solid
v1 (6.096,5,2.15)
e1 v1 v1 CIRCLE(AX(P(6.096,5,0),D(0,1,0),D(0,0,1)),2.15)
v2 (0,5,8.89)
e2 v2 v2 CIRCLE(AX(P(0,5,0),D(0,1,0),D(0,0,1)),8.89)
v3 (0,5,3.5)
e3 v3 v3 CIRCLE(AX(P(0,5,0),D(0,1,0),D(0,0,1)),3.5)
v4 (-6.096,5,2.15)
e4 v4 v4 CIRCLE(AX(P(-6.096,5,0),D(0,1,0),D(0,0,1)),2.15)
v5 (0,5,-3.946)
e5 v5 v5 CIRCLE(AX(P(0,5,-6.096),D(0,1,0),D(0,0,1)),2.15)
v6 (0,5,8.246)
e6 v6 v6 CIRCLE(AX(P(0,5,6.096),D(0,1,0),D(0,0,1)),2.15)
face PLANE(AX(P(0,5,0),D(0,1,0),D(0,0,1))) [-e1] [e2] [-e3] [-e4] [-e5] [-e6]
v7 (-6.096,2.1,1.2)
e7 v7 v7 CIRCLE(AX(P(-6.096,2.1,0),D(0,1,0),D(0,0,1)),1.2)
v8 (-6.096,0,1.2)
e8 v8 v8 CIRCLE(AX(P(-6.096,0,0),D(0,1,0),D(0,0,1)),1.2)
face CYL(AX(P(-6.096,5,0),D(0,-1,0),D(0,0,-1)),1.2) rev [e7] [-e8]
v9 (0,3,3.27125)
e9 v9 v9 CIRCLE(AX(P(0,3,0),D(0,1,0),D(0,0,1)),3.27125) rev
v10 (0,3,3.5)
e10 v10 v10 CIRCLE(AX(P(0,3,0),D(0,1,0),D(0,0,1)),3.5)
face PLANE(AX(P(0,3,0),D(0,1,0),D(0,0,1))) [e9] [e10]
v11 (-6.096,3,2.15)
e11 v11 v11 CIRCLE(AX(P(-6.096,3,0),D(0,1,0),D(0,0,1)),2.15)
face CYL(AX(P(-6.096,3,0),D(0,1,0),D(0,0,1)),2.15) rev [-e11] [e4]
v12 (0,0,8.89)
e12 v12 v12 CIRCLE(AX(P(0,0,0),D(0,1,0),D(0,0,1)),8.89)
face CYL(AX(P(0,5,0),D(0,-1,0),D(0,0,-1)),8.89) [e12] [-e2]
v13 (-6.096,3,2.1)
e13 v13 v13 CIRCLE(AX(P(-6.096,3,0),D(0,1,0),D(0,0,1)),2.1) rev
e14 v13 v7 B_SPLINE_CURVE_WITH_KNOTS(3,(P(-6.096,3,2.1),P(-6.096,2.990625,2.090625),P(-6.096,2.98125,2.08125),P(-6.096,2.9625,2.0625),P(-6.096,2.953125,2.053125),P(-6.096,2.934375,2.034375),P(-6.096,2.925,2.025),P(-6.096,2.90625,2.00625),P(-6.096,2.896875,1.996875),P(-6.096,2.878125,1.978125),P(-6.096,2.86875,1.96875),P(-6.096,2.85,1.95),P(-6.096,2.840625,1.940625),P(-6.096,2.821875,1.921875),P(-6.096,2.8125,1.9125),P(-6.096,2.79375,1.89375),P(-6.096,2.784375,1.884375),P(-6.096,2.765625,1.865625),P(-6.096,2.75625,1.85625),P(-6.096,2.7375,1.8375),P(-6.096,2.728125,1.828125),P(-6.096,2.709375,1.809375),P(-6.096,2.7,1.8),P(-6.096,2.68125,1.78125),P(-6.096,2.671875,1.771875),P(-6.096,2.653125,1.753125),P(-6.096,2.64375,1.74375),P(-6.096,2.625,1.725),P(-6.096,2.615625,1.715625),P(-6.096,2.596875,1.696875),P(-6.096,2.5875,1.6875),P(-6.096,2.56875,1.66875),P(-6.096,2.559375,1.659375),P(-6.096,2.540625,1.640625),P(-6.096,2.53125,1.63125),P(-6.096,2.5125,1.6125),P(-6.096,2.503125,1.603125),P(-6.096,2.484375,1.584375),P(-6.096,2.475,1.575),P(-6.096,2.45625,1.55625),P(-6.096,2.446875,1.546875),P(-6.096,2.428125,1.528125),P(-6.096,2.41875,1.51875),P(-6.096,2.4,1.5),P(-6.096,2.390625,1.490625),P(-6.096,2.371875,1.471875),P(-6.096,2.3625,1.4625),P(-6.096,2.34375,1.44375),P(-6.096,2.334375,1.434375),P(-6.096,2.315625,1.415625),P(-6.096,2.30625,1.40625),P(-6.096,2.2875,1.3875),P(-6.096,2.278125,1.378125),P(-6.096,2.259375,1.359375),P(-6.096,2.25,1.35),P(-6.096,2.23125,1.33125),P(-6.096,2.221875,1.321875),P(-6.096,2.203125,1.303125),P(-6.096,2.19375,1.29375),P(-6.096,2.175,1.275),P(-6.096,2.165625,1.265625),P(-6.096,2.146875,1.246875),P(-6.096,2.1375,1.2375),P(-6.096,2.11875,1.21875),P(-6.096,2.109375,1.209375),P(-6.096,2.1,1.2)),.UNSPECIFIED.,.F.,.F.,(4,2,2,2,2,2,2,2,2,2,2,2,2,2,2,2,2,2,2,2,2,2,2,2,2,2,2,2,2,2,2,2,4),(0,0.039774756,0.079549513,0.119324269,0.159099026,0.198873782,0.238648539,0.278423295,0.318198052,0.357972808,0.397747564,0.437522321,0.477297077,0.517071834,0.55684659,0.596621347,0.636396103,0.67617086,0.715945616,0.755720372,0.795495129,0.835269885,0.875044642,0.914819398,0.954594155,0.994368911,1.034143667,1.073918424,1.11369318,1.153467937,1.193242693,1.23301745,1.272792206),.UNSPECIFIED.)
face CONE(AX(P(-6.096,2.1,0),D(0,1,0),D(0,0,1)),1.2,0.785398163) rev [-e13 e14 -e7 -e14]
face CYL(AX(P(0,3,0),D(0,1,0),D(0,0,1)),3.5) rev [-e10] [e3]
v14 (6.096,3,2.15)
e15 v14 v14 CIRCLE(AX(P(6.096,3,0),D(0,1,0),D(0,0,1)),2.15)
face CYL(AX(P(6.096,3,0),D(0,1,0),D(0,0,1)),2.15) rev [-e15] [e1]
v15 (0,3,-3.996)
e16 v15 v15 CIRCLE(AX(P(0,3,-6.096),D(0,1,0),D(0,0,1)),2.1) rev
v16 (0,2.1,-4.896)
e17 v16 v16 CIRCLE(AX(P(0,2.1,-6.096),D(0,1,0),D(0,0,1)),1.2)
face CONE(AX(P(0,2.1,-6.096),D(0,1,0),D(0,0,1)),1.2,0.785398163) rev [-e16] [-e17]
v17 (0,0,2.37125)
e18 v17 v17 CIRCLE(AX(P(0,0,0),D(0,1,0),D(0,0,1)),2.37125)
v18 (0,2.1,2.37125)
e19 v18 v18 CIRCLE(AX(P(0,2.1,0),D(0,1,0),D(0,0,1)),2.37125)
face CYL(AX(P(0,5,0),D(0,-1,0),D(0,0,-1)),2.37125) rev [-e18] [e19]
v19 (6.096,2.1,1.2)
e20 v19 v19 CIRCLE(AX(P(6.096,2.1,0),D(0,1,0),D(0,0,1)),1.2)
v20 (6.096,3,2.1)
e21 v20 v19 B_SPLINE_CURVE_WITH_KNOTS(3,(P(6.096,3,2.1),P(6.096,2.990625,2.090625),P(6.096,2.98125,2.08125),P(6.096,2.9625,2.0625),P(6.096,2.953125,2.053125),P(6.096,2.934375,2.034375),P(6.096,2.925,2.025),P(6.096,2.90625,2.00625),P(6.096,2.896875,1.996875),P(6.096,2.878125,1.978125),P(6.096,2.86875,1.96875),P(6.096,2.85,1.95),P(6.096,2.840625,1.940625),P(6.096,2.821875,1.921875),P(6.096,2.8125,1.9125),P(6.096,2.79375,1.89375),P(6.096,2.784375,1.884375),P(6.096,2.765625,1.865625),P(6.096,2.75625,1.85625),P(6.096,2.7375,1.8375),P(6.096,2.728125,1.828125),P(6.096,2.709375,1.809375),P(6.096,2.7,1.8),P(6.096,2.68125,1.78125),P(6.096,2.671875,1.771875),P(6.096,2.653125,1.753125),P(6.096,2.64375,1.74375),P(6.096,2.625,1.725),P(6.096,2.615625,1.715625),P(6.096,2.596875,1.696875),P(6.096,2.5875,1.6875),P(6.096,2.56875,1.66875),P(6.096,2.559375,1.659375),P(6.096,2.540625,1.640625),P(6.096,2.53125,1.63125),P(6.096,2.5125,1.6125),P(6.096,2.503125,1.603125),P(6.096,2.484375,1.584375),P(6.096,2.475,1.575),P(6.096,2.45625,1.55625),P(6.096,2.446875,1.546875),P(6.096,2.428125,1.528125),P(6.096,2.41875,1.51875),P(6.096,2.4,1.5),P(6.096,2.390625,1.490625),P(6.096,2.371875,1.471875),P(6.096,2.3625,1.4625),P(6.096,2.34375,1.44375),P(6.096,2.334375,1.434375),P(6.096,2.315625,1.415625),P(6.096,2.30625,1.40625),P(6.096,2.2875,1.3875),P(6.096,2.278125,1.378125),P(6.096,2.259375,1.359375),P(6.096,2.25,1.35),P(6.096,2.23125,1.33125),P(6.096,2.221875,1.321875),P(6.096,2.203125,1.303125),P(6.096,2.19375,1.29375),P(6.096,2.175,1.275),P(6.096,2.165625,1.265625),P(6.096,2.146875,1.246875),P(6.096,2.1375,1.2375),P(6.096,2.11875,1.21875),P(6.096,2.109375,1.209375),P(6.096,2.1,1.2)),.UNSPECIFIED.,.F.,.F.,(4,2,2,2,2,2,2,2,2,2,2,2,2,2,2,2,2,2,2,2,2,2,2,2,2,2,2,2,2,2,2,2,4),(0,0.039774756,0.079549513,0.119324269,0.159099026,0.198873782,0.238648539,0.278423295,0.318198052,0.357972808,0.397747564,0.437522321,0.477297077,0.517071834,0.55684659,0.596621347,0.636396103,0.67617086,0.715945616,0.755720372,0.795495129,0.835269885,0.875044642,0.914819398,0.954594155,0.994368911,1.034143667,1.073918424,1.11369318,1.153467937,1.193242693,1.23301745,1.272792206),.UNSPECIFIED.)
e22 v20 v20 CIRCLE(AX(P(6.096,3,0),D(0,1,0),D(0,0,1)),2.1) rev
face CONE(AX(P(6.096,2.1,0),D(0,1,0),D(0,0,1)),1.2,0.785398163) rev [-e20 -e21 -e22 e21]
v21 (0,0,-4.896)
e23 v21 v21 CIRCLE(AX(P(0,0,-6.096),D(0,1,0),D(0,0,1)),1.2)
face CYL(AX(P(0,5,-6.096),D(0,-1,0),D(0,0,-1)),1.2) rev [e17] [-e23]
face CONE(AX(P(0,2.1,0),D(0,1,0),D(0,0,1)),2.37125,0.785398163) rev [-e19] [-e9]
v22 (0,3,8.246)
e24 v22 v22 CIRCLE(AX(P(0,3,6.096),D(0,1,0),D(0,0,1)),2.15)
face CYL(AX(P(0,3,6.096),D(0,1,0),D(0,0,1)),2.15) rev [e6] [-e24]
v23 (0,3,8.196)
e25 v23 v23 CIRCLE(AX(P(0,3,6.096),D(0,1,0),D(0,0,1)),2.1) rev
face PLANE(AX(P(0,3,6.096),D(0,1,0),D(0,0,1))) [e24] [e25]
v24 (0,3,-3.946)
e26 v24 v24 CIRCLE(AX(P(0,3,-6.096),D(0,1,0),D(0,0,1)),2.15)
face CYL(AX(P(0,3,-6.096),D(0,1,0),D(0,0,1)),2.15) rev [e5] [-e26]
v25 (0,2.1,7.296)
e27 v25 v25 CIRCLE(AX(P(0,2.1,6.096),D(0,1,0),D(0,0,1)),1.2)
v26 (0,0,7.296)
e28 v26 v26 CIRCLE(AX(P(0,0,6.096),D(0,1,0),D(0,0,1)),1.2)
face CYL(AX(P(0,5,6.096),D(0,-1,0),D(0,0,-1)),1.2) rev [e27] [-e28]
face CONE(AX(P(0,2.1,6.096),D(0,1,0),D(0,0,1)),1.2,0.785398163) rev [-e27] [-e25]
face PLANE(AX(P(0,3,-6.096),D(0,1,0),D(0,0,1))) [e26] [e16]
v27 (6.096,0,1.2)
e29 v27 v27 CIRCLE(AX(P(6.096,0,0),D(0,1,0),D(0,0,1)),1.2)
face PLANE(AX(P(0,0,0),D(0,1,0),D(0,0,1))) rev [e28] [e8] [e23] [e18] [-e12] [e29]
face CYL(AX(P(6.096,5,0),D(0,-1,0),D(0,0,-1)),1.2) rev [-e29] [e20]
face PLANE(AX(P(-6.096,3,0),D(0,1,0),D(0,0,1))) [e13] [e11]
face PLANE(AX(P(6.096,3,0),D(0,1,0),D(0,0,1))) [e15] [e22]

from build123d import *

# Parameters (mm, degrees)
SKETCH1_R           = 8.89
SKETCH1_R_2         = 1.2
SKETCH1_R_3         = 2.37125
BOSS_EXTRUDE1_DEPTH = 5
SKETCH2_R           = 2.15
SKETCH2_R_2         = 3.5
CUT_EXTRUDE1_DEPTH  = 2
CHAMFER1_SIZE       = 0.9


with BuildPart() as part:
    # Sketch1 → Boss-Extrude1 (new body)
    with BuildSketch(Plane(origin=(0, 0, 0), x_dir=(1, 0, 0), z_dir=(0, 1, 0))):
        Circle(SKETCH1_R)
        with Locations((0, -6.096)):
            Circle(SKETCH1_R_2, mode=Mode.SUBTRACT)
        with Locations((-6.096, 0)):
            Circle(SKETCH1_R_2, mode=Mode.SUBTRACT)
        Circle(SKETCH1_R_3, mode=Mode.SUBTRACT)
        with Locations((6.096, 0)):
            Circle(SKETCH1_R_2, mode=Mode.SUBTRACT)
        with Locations((0, 6.096)):
            Circle(SKETCH1_R_2, mode=Mode.SUBTRACT)
    extrude(amount=BOSS_EXTRUDE1_DEPTH)

    # Sketch2 → Cut-Extrude1 (cut)
    with BuildSketch(Plane(origin=(0, 5, 0), x_dir=(1, 0, 0), z_dir=(0, 1, 0))):
        with Locations((0, 6.096)):
            Circle(SKETCH2_R)
        with Locations((-6.096, 0)):
            Circle(SKETCH2_R)
        with Locations((6.096, 0)):
            Circle(SKETCH2_R)
        with Locations((0, -6.096)):
            Circle(SKETCH2_R)
        Circle(SKETCH2_R_2)
    extrude(amount=-CUT_EXTRUDE1_DEPTH, mode=Mode.SUBTRACT)

    # Chamfer1
    chamfer1_edges = [part.edges().sort_by_distance(p)[0] for p in [
        (-1.2, 3, 6.096),
        (4.896, 3, 0),
        (-2.37125, 3, 0),
        (-7.296, 3, 0),
        (-1.2, 3, -6.096),
    ]]
    chamfer(chamfer1_edges, length=CHAMFER1_SIZE)


solid = part.part
